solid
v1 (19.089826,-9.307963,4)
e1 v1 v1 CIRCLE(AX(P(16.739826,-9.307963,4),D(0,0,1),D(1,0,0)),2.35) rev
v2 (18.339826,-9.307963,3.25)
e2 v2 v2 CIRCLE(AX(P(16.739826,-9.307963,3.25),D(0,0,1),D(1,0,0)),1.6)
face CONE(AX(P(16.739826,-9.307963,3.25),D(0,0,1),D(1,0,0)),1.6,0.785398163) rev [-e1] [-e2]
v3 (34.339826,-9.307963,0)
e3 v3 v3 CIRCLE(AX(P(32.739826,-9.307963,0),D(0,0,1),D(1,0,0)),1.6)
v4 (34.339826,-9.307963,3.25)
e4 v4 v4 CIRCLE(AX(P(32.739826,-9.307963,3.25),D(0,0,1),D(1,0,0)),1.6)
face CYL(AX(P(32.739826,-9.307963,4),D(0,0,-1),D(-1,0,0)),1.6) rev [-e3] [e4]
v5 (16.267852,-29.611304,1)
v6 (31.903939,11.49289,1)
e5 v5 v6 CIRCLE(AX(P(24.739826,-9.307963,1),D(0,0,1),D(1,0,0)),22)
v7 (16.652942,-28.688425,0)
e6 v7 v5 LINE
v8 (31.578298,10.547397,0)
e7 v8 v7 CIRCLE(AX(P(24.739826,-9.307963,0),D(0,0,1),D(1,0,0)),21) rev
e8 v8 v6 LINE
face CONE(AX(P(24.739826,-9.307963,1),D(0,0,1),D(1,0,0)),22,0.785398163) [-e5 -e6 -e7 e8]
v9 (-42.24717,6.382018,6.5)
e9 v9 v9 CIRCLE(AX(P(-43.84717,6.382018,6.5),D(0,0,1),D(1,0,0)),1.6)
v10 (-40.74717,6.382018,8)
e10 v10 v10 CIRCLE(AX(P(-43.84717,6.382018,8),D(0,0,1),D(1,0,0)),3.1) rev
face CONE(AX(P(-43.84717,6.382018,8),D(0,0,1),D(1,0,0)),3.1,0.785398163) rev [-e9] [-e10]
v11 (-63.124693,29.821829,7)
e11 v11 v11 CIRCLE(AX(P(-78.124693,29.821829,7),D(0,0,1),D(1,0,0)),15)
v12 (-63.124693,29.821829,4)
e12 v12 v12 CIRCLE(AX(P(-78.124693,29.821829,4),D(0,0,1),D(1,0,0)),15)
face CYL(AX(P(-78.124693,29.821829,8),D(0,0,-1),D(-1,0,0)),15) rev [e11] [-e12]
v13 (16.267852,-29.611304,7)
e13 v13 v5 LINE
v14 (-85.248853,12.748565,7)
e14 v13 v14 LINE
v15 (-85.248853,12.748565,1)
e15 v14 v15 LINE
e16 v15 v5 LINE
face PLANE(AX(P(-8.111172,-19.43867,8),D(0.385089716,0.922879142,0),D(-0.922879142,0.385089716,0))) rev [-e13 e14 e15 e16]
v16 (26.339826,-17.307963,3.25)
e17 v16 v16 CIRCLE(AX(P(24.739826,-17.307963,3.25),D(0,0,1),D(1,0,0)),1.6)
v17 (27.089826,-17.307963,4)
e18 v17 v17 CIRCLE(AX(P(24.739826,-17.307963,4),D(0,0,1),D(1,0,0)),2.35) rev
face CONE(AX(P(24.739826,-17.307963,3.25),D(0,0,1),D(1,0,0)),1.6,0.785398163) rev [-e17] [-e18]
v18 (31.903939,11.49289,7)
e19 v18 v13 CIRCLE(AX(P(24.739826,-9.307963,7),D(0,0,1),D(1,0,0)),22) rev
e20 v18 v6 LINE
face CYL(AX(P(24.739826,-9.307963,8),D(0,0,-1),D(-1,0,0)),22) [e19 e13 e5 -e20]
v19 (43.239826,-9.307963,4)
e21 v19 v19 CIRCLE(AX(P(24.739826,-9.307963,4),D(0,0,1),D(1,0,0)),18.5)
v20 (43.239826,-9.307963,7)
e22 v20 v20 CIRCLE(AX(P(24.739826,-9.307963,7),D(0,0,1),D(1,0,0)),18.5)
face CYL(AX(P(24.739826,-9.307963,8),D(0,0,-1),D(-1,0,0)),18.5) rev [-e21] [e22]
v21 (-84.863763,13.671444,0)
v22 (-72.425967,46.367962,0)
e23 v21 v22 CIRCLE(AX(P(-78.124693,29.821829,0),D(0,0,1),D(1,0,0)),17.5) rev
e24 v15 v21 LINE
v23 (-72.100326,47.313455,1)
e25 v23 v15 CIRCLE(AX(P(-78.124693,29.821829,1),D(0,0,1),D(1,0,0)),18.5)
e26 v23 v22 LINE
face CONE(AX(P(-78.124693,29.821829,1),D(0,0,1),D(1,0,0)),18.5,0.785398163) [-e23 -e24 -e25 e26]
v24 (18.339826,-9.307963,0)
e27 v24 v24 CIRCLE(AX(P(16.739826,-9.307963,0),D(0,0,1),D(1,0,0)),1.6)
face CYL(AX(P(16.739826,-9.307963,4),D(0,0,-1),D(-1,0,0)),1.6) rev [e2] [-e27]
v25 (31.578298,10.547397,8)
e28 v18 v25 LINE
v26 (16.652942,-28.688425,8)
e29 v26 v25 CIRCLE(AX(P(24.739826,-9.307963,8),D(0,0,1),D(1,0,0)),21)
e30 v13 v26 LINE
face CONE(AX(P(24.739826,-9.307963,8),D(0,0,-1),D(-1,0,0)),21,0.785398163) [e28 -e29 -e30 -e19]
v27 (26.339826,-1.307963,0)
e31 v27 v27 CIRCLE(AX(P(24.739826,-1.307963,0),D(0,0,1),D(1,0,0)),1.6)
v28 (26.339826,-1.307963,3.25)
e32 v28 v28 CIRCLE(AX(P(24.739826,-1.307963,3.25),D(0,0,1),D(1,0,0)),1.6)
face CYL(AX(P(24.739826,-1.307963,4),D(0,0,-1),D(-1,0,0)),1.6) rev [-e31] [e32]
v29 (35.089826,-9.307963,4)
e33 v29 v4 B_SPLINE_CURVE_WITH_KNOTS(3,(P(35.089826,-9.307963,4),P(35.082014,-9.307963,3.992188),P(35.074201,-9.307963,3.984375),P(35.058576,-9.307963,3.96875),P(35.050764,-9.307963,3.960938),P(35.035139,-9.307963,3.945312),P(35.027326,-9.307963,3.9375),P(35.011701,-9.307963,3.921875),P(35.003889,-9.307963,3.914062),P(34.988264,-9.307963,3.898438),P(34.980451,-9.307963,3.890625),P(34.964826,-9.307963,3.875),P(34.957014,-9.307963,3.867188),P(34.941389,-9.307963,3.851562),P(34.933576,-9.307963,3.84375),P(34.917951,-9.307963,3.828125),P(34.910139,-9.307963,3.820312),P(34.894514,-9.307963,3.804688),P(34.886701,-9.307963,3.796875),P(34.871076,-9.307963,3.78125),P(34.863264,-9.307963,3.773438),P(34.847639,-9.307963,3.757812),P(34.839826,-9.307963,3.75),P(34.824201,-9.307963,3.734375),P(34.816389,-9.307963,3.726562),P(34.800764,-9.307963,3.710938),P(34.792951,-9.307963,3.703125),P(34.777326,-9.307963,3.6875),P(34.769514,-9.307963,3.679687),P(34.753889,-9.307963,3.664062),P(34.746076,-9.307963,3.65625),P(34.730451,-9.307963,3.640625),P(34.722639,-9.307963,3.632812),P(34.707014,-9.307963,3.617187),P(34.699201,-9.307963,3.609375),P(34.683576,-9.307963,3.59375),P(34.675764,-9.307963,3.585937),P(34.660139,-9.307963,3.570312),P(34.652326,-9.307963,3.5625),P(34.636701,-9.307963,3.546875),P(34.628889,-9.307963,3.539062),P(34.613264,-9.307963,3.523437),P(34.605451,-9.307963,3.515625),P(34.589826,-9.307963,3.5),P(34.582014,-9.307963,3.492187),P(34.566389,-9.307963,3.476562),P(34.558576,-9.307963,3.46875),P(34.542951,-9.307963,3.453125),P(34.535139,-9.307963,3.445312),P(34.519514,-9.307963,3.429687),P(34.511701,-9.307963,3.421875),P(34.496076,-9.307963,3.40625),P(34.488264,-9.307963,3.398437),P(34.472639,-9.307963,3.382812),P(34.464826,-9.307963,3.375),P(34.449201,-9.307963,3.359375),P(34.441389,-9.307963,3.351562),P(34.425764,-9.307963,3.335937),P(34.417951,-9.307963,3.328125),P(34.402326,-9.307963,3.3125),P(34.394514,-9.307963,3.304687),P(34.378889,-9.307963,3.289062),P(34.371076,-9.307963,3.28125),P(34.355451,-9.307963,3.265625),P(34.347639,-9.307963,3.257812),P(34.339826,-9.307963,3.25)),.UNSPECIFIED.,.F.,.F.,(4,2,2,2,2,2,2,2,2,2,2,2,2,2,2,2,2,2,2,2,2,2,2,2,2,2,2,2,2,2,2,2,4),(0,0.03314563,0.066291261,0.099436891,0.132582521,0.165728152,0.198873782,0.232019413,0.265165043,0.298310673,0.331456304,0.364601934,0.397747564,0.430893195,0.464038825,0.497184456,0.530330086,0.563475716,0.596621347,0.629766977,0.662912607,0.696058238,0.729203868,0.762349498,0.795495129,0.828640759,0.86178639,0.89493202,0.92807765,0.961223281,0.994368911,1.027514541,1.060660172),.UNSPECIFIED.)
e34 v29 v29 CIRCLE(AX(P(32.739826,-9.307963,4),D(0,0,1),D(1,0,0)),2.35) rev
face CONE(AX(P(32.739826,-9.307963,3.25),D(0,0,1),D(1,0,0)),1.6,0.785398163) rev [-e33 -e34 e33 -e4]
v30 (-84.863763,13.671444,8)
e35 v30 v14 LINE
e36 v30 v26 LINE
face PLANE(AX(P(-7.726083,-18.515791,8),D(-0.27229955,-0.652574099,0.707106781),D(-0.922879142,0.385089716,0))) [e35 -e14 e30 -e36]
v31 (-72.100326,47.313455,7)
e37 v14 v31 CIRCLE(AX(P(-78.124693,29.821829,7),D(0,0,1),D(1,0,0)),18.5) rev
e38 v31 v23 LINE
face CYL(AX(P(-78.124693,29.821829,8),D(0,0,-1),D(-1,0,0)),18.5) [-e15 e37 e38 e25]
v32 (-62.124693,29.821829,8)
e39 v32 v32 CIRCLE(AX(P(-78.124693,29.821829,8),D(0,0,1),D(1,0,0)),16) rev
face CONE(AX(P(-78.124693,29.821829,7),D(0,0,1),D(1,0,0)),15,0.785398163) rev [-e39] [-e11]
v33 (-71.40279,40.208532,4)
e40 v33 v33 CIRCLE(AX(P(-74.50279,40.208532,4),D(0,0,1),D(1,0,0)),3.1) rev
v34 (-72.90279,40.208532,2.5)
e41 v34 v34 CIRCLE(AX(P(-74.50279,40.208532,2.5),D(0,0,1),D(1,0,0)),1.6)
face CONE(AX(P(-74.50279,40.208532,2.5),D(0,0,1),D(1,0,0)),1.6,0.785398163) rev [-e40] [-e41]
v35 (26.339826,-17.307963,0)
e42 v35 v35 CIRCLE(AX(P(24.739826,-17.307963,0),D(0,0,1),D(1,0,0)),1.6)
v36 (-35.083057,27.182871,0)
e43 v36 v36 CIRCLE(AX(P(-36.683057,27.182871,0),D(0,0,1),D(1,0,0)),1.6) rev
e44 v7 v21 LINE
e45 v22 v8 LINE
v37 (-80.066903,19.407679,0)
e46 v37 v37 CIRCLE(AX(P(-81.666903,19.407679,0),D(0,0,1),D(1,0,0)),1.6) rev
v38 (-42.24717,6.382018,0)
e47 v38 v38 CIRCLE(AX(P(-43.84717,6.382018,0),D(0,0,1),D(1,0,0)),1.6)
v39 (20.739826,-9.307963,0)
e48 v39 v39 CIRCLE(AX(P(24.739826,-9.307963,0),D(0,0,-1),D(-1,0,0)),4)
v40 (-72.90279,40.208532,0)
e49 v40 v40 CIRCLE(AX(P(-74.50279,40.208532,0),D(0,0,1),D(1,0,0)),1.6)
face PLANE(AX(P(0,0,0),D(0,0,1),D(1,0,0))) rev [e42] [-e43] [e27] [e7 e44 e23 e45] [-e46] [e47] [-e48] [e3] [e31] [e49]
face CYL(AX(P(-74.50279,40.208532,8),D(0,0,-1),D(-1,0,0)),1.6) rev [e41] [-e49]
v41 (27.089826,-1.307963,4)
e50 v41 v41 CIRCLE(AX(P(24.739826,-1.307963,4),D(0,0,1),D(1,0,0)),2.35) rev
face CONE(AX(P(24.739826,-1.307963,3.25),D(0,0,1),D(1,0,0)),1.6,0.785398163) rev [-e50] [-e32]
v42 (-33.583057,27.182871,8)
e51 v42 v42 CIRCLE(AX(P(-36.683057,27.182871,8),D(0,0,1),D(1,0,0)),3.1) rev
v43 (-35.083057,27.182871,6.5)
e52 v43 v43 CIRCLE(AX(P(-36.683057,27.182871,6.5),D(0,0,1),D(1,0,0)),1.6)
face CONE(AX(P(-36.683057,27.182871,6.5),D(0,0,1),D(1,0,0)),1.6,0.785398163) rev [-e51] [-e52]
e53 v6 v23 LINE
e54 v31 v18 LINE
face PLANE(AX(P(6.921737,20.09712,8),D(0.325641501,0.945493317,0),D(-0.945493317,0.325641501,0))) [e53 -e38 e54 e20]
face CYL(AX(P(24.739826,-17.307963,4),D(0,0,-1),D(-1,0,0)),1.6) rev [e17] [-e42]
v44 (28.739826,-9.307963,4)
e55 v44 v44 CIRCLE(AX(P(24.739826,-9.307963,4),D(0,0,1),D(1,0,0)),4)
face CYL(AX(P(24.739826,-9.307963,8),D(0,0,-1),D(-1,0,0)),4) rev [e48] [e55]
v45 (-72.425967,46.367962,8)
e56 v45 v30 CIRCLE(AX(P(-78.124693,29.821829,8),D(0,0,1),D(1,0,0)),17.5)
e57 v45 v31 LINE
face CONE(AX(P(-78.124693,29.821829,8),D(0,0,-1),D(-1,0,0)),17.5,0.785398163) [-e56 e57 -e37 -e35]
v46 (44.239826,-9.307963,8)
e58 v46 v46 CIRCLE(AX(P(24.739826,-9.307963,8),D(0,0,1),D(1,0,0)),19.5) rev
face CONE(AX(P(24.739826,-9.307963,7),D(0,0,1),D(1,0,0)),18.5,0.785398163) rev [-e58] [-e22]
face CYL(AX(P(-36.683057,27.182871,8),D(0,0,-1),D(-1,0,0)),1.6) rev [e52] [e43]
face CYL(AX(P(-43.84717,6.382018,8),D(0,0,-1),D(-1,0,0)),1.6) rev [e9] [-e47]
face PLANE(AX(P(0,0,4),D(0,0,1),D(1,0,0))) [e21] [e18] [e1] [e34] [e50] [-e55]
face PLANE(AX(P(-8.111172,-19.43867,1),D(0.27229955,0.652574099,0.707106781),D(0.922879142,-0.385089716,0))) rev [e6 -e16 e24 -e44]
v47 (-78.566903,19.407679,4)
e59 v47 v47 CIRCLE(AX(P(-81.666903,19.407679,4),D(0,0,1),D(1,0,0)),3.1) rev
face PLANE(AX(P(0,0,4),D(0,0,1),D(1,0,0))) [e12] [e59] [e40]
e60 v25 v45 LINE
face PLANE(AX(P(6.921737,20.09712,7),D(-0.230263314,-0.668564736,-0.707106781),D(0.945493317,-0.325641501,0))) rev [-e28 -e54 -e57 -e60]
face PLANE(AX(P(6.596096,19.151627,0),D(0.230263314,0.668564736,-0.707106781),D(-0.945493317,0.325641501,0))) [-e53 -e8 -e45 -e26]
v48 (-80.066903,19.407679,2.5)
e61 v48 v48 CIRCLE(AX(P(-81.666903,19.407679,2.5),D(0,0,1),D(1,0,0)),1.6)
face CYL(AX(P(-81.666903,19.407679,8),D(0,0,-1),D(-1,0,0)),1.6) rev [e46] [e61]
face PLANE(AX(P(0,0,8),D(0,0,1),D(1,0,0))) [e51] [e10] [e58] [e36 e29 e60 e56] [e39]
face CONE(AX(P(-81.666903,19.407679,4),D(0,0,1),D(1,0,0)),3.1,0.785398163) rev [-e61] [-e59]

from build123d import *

# Parameters (mm, degrees)
SKETCH1_R               = 18.5
SKETCH1_R_2             = 15
BOSS_EXTRUDE1_DEPTH     = 8
SKETCH1_5_R             = 18.5
SKETCH1_5_R_2           = 1.6
SKETCH1_5_R_3           = 15
BOSS_EXTRUDE4_DEPTH     = 4
CHAMFER1_SIZE           = 0.75
CHAMFER3_SIZE           = 1
SKETCH8_R               = 4
CUT_EXTRUDE1_DEPTH      = 109.32973067
CUT_EXTRUDE2_DEPTH      = 109.32973067
CUT_EXTRUDE2_DEPTH_BACK = 109.32973067
SKETCH10_R              = 1.6
CHAMFER4_SIZE           = 1.5
CHAMFER5_SIZE           = 1


with BuildPart() as part:
    # Sketch1 → Boss-Extrude1 (new body)
    with BuildSketch(Plane.XY):
        with BuildLine():
            ThreePointArc((-72.100325672, 47.313455418), (-95.415884826, 36.399419854), (-85.248853195, 12.748564927))
            Line((-85.248853195, 12.748564927), (16.267852417, -29.611303837))
            ThreePointArc((16.267852417, -29.611303837), (45.302324024, -17.129962587), (31.903939201, 11.49289026))
            Line((31.903939201, 11.49289026), (-72.100325672, 47.313455418))
        make_face()
        with Locations((24.73982617, -9.307962715)):
            Circle(SKETCH1_R, mode=Mode.SUBTRACT)
        with Locations((-78.124693448, 29.821829053)):
            Circle(SKETCH1_R_2, mode=Mode.SUBTRACT)
    extrude(amount=BOSS_EXTRUDE1_DEPTH)

    # Sketch1<5> → Boss-Extrude4 (add)
    # profile 1 of 2: a face of its own
    with BuildSketch(Plane.XY):
        with Locations((24.73982617, -9.307962715)):
            Circle(SKETCH1_5_R)
        with Locations((24.73982617, -17.307962715)):
            Circle(SKETCH1_5_R_2, mode=Mode.SUBTRACT)
        with Locations((16.73982617, -9.307962715)):
            Circle(SKETCH1_5_R_2, mode=Mode.SUBTRACT)
        with Locations((32.73982617, -9.307962715)):
            Circle(SKETCH1_5_R_2, mode=Mode.SUBTRACT)
        with Locations((24.73982617, -1.307962715)):
            Circle(SKETCH1_5_R_2, mode=Mode.SUBTRACT)
    # profile 2 of 2: a face of its own
    with BuildSketch(Plane.XY):
        with Locations((-78.124693448, 29.821829053)):
            Circle(SKETCH1_5_R_3)
    extrude(amount=BOSS_EXTRUDE4_DEPTH)

    # Chamfer1
    chamfer1_edges = [part.edges().sort_by_distance(p)[0] for p in [
        (15.13982617, -9.307962715, 4),
        (23.13982617, -17.307962715, 4),
        (31.13982617, -9.307962715, 4),
        (23.13982617, -1.307962715, 4),
    ]]
    chamfer(chamfer1_edges, length=CHAMFER1_SIZE)

    # Chamfer3
    chamfer3_edges = [part.edges().sort_by_distance(p)[0] for p in [
        (6.23982617, -9.307962715, 8),
        (-93.124693448, 29.821829053, 8),
    ]]
    chamfer(chamfer3_edges, length=CHAMFER3_SIZE)

    # Sketch8 → Cut-Extrude1 (cut, through all)
    with BuildSketch(Plane(origin=(0, 0, 0), x_dir=(-1, 0, 0), z_dir=(0, 0, -1))):
        with Locations((-24.73982617, -9.307962715)):
            Circle(SKETCH8_R)
    extrude(amount=-CUT_EXTRUDE1_DEPTH, mode=Mode.SUBTRACT)

    # Sketch10 → Cut-Extrude2 (cut, two sides: drawn at the far end of the back side and taken through both)
    with BuildSketch(Plane(origin=(0, 0, 0), x_dir=(-1, 0, 0), z_dir=(0, 0, -1)).offset(-CUT_EXTRUDE2_DEPTH_BACK)):
        with Locations((74.502789559, 40.208531531)):
            Circle(SKETCH10_R)
        with Locations((36.683056878, 27.182871474)):
            Circle(SKETCH10_R)
        with Locations((81.66690259, 19.407678557)):
            Circle(SKETCH10_R)
        with Locations((43.847169909, 6.382018499)):
            Circle(SKETCH10_R)
    extrude(amount=CUT_EXTRUDE2_DEPTH + CUT_EXTRUDE2_DEPTH_BACK, mode=Mode.SUBTRACT)

    # Chamfer4
    chamfer4_edges = [part.edges().sort_by_distance(p)[0] for p in [
        (-72.902789559, 40.208531531, 4),
        (-42.247169909, 6.382018499, 8),
        (-35.083056878, 27.182871474, 8),
        (-80.06690259, 19.407678557, 4),
    ]]
    chamfer(chamfer4_edges, length=CHAMFER4_SIZE)

    # Chamfer5
    chamfer5_edges = [part.edges().sort_by_distance(p)[0] for p in [
        (-34.490500389, -8.431369455, 0),
        (-95.415884826, 36.399419854, 0),
        (45.302324024, -17.129962587, 0),
        (-20.098193235, 29.403172839, 0),
        (-34.490500389, -8.431369455, 8),
        (-95.415884826, 36.399419854, 8),
        (45.302324024, -17.129962587, 8),
        (-20.098193235, 29.403172839, 8),
    ]]
    chamfer(chamfer5_edges, length=CHAMFER5_SIZE)


solid = part.part
